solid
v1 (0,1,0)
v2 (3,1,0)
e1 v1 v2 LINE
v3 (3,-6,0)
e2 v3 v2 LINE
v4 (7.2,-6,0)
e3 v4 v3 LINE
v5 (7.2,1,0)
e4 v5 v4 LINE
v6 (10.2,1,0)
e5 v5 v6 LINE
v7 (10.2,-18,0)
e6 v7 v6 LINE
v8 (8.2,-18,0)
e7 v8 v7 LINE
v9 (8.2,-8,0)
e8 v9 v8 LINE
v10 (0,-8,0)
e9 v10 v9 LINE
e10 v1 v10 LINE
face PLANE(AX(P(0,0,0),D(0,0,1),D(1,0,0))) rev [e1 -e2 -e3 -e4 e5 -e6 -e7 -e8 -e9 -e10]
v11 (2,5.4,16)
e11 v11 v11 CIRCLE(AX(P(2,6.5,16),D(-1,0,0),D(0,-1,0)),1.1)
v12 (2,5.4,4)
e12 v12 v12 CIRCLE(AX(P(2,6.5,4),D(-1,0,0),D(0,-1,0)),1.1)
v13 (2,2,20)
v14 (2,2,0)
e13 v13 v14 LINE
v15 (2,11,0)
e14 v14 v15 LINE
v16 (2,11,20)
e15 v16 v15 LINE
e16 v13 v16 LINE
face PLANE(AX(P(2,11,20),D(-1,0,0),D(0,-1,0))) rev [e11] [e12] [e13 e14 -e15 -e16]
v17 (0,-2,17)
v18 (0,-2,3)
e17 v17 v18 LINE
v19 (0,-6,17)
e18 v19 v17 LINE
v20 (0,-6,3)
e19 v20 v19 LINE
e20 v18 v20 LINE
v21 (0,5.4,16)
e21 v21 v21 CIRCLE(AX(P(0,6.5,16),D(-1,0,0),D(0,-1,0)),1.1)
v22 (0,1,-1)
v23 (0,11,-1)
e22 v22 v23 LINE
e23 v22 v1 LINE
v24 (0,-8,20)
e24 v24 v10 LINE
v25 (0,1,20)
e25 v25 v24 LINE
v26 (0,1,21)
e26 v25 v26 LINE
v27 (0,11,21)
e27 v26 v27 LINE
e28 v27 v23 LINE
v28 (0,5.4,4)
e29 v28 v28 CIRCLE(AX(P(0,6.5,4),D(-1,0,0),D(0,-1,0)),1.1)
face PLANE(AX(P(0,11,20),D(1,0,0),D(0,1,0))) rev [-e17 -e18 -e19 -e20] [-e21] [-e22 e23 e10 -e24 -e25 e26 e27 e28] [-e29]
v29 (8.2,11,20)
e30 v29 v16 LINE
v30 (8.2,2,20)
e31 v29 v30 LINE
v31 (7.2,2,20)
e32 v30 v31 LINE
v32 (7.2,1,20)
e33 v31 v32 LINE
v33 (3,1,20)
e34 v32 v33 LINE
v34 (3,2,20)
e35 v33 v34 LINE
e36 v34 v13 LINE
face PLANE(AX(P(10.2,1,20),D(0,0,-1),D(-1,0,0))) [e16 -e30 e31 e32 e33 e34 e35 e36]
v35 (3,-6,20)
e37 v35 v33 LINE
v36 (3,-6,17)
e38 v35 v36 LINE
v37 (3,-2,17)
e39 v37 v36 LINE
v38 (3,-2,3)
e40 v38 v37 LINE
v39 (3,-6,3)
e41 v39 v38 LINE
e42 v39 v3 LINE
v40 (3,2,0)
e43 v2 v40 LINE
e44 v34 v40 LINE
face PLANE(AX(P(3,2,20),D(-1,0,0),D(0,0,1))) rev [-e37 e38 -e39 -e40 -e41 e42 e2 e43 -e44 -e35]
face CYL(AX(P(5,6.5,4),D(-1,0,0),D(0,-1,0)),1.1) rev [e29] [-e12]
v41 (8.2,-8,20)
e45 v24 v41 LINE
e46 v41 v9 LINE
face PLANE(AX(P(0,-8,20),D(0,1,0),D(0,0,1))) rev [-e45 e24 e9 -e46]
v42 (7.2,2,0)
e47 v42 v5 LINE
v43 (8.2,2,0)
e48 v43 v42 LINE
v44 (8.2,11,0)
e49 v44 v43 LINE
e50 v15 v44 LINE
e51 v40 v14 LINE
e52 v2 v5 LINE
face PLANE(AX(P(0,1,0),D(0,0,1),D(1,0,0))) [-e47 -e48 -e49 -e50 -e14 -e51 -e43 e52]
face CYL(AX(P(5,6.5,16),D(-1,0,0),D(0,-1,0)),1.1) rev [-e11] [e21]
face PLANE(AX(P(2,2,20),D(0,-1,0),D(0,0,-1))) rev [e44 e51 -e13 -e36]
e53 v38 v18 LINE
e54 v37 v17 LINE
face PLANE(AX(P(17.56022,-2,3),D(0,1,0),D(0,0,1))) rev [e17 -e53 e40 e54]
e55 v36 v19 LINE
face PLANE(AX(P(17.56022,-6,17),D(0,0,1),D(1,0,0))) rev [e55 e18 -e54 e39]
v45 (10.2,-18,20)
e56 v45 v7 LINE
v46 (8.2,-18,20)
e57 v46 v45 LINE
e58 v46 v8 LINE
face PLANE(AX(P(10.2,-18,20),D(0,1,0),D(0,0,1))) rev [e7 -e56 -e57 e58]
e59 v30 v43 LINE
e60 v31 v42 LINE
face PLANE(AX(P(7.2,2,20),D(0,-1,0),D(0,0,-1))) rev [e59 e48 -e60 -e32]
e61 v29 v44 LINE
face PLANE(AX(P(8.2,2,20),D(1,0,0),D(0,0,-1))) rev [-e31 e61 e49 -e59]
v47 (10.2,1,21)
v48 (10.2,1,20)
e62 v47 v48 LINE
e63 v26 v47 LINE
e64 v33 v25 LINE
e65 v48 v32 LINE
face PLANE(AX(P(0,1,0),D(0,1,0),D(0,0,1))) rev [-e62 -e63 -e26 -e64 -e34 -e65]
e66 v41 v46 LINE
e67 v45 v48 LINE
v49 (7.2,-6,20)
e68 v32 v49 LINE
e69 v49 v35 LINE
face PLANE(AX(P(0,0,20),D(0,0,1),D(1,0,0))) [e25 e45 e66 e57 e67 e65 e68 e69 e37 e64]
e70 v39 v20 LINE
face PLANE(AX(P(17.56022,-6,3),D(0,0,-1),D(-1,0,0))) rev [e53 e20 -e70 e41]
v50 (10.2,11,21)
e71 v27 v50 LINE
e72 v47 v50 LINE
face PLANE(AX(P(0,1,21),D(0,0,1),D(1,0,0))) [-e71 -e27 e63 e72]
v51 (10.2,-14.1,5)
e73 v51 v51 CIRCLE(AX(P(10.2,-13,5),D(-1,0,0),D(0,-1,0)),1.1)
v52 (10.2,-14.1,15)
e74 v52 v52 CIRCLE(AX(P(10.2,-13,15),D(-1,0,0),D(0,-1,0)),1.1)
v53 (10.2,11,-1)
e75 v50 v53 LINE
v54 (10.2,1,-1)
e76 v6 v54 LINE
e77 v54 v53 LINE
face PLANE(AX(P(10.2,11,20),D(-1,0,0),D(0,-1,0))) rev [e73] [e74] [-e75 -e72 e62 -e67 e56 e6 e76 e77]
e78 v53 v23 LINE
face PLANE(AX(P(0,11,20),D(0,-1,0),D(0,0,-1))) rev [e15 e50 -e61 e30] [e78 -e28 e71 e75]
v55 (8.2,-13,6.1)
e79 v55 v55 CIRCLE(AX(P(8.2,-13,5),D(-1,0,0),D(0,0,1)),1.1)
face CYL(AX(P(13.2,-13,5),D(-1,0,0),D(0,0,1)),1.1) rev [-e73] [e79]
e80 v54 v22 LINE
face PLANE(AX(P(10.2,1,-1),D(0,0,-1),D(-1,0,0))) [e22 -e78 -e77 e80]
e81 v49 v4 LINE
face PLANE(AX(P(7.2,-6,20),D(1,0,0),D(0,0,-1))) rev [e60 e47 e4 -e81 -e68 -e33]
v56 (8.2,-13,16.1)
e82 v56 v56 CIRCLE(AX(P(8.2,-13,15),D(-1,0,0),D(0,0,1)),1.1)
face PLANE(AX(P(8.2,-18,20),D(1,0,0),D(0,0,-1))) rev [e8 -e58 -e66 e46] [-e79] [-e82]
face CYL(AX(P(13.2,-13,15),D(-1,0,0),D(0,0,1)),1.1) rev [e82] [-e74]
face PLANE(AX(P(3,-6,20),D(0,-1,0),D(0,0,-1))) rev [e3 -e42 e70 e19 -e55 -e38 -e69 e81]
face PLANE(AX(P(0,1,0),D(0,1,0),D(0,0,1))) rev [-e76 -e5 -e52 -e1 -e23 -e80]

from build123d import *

# Parameters (mm, degrees)
BOSS_EXTRUDE1_DEPTH  = 20
SKETCH2_W            = 14
SKETCH2_H            = 4
CUT_EXTRUDE1_DEPTH   = 3
SKETCH9_W            = 10.2
SKETCH9_H            = 1
BOSS_EXTRUDE11_DEPTH = 10
SKETCH10_R           = 1.1
CUT_EXTRUDE2_DEPTH   = 5
SKETCH11_R           = 1.1
CUT_EXTRUDE3_DEPTH   = 5


with BuildPart() as part:
    # Sketch1 → Boss-Extrude1 (new body)
    with BuildSketch(Plane.XY):
        Polygon((0, 11), (0, -8), (8.2, -8), (8.2, -18), (10.2, -18), (10.2, -6), (10.2, 11), (8.2, 11), (8.2, 2), (7.2, 2), (7.2, -6), (3, -6), (3, 2), (2, 2), (2, 11), align=None)
    extrude(amount=BOSS_EXTRUDE1_DEPTH)

    # Sketch2 → Cut-Extrude1 (cut)
    with BuildSketch(Plane.ZY):
        with Locations((10, -4)):
            Rectangle(SKETCH2_W, SKETCH2_H)
    extrude(amount=-CUT_EXTRUDE1_DEPTH, mode=Mode.SUBTRACT)

    # Sketch9 → Boss-Extrude11 (add)
    with BuildSketch(Plane(origin=(0, 11, 0), x_dir=(1, 0, 0), z_dir=(0, 1, 0))):
        with Locations((5.1, 0.5)):
            Rectangle(SKETCH9_W, SKETCH9_H)
        with Locations((5.1, -20.5)):
            Rectangle(SKETCH9_W, SKETCH9_H)
    extrude(amount=-BOSS_EXTRUDE11_DEPTH)

    # Sketch10 → Cut-Extrude2 (cut)
    with BuildSketch(Plane.ZY):
        with Locations(Location((4, 6.5, 0), (0, 0, 270))):
            Circle(SKETCH10_R)
        with Locations(Location((16, 6.5, 0), (0, 0, 270))):
            Circle(SKETCH10_R)
    extrude(amount=-CUT_EXTRUDE2_DEPTH, mode=Mode.SUBTRACT)

    # Sketch11 → Cut-Extrude3 (cut)
    with BuildSketch(Plane.ZY.offset(-8.2)):
        with Locations((5, -13)):
            Circle(SKETCH11_R)
        with Locations((15, -13)):
            Circle(SKETCH11_R)
    extrude(amount=-CUT_EXTRUDE3_DEPTH, mode=Mode.SUBTRACT)


solid = part.part
